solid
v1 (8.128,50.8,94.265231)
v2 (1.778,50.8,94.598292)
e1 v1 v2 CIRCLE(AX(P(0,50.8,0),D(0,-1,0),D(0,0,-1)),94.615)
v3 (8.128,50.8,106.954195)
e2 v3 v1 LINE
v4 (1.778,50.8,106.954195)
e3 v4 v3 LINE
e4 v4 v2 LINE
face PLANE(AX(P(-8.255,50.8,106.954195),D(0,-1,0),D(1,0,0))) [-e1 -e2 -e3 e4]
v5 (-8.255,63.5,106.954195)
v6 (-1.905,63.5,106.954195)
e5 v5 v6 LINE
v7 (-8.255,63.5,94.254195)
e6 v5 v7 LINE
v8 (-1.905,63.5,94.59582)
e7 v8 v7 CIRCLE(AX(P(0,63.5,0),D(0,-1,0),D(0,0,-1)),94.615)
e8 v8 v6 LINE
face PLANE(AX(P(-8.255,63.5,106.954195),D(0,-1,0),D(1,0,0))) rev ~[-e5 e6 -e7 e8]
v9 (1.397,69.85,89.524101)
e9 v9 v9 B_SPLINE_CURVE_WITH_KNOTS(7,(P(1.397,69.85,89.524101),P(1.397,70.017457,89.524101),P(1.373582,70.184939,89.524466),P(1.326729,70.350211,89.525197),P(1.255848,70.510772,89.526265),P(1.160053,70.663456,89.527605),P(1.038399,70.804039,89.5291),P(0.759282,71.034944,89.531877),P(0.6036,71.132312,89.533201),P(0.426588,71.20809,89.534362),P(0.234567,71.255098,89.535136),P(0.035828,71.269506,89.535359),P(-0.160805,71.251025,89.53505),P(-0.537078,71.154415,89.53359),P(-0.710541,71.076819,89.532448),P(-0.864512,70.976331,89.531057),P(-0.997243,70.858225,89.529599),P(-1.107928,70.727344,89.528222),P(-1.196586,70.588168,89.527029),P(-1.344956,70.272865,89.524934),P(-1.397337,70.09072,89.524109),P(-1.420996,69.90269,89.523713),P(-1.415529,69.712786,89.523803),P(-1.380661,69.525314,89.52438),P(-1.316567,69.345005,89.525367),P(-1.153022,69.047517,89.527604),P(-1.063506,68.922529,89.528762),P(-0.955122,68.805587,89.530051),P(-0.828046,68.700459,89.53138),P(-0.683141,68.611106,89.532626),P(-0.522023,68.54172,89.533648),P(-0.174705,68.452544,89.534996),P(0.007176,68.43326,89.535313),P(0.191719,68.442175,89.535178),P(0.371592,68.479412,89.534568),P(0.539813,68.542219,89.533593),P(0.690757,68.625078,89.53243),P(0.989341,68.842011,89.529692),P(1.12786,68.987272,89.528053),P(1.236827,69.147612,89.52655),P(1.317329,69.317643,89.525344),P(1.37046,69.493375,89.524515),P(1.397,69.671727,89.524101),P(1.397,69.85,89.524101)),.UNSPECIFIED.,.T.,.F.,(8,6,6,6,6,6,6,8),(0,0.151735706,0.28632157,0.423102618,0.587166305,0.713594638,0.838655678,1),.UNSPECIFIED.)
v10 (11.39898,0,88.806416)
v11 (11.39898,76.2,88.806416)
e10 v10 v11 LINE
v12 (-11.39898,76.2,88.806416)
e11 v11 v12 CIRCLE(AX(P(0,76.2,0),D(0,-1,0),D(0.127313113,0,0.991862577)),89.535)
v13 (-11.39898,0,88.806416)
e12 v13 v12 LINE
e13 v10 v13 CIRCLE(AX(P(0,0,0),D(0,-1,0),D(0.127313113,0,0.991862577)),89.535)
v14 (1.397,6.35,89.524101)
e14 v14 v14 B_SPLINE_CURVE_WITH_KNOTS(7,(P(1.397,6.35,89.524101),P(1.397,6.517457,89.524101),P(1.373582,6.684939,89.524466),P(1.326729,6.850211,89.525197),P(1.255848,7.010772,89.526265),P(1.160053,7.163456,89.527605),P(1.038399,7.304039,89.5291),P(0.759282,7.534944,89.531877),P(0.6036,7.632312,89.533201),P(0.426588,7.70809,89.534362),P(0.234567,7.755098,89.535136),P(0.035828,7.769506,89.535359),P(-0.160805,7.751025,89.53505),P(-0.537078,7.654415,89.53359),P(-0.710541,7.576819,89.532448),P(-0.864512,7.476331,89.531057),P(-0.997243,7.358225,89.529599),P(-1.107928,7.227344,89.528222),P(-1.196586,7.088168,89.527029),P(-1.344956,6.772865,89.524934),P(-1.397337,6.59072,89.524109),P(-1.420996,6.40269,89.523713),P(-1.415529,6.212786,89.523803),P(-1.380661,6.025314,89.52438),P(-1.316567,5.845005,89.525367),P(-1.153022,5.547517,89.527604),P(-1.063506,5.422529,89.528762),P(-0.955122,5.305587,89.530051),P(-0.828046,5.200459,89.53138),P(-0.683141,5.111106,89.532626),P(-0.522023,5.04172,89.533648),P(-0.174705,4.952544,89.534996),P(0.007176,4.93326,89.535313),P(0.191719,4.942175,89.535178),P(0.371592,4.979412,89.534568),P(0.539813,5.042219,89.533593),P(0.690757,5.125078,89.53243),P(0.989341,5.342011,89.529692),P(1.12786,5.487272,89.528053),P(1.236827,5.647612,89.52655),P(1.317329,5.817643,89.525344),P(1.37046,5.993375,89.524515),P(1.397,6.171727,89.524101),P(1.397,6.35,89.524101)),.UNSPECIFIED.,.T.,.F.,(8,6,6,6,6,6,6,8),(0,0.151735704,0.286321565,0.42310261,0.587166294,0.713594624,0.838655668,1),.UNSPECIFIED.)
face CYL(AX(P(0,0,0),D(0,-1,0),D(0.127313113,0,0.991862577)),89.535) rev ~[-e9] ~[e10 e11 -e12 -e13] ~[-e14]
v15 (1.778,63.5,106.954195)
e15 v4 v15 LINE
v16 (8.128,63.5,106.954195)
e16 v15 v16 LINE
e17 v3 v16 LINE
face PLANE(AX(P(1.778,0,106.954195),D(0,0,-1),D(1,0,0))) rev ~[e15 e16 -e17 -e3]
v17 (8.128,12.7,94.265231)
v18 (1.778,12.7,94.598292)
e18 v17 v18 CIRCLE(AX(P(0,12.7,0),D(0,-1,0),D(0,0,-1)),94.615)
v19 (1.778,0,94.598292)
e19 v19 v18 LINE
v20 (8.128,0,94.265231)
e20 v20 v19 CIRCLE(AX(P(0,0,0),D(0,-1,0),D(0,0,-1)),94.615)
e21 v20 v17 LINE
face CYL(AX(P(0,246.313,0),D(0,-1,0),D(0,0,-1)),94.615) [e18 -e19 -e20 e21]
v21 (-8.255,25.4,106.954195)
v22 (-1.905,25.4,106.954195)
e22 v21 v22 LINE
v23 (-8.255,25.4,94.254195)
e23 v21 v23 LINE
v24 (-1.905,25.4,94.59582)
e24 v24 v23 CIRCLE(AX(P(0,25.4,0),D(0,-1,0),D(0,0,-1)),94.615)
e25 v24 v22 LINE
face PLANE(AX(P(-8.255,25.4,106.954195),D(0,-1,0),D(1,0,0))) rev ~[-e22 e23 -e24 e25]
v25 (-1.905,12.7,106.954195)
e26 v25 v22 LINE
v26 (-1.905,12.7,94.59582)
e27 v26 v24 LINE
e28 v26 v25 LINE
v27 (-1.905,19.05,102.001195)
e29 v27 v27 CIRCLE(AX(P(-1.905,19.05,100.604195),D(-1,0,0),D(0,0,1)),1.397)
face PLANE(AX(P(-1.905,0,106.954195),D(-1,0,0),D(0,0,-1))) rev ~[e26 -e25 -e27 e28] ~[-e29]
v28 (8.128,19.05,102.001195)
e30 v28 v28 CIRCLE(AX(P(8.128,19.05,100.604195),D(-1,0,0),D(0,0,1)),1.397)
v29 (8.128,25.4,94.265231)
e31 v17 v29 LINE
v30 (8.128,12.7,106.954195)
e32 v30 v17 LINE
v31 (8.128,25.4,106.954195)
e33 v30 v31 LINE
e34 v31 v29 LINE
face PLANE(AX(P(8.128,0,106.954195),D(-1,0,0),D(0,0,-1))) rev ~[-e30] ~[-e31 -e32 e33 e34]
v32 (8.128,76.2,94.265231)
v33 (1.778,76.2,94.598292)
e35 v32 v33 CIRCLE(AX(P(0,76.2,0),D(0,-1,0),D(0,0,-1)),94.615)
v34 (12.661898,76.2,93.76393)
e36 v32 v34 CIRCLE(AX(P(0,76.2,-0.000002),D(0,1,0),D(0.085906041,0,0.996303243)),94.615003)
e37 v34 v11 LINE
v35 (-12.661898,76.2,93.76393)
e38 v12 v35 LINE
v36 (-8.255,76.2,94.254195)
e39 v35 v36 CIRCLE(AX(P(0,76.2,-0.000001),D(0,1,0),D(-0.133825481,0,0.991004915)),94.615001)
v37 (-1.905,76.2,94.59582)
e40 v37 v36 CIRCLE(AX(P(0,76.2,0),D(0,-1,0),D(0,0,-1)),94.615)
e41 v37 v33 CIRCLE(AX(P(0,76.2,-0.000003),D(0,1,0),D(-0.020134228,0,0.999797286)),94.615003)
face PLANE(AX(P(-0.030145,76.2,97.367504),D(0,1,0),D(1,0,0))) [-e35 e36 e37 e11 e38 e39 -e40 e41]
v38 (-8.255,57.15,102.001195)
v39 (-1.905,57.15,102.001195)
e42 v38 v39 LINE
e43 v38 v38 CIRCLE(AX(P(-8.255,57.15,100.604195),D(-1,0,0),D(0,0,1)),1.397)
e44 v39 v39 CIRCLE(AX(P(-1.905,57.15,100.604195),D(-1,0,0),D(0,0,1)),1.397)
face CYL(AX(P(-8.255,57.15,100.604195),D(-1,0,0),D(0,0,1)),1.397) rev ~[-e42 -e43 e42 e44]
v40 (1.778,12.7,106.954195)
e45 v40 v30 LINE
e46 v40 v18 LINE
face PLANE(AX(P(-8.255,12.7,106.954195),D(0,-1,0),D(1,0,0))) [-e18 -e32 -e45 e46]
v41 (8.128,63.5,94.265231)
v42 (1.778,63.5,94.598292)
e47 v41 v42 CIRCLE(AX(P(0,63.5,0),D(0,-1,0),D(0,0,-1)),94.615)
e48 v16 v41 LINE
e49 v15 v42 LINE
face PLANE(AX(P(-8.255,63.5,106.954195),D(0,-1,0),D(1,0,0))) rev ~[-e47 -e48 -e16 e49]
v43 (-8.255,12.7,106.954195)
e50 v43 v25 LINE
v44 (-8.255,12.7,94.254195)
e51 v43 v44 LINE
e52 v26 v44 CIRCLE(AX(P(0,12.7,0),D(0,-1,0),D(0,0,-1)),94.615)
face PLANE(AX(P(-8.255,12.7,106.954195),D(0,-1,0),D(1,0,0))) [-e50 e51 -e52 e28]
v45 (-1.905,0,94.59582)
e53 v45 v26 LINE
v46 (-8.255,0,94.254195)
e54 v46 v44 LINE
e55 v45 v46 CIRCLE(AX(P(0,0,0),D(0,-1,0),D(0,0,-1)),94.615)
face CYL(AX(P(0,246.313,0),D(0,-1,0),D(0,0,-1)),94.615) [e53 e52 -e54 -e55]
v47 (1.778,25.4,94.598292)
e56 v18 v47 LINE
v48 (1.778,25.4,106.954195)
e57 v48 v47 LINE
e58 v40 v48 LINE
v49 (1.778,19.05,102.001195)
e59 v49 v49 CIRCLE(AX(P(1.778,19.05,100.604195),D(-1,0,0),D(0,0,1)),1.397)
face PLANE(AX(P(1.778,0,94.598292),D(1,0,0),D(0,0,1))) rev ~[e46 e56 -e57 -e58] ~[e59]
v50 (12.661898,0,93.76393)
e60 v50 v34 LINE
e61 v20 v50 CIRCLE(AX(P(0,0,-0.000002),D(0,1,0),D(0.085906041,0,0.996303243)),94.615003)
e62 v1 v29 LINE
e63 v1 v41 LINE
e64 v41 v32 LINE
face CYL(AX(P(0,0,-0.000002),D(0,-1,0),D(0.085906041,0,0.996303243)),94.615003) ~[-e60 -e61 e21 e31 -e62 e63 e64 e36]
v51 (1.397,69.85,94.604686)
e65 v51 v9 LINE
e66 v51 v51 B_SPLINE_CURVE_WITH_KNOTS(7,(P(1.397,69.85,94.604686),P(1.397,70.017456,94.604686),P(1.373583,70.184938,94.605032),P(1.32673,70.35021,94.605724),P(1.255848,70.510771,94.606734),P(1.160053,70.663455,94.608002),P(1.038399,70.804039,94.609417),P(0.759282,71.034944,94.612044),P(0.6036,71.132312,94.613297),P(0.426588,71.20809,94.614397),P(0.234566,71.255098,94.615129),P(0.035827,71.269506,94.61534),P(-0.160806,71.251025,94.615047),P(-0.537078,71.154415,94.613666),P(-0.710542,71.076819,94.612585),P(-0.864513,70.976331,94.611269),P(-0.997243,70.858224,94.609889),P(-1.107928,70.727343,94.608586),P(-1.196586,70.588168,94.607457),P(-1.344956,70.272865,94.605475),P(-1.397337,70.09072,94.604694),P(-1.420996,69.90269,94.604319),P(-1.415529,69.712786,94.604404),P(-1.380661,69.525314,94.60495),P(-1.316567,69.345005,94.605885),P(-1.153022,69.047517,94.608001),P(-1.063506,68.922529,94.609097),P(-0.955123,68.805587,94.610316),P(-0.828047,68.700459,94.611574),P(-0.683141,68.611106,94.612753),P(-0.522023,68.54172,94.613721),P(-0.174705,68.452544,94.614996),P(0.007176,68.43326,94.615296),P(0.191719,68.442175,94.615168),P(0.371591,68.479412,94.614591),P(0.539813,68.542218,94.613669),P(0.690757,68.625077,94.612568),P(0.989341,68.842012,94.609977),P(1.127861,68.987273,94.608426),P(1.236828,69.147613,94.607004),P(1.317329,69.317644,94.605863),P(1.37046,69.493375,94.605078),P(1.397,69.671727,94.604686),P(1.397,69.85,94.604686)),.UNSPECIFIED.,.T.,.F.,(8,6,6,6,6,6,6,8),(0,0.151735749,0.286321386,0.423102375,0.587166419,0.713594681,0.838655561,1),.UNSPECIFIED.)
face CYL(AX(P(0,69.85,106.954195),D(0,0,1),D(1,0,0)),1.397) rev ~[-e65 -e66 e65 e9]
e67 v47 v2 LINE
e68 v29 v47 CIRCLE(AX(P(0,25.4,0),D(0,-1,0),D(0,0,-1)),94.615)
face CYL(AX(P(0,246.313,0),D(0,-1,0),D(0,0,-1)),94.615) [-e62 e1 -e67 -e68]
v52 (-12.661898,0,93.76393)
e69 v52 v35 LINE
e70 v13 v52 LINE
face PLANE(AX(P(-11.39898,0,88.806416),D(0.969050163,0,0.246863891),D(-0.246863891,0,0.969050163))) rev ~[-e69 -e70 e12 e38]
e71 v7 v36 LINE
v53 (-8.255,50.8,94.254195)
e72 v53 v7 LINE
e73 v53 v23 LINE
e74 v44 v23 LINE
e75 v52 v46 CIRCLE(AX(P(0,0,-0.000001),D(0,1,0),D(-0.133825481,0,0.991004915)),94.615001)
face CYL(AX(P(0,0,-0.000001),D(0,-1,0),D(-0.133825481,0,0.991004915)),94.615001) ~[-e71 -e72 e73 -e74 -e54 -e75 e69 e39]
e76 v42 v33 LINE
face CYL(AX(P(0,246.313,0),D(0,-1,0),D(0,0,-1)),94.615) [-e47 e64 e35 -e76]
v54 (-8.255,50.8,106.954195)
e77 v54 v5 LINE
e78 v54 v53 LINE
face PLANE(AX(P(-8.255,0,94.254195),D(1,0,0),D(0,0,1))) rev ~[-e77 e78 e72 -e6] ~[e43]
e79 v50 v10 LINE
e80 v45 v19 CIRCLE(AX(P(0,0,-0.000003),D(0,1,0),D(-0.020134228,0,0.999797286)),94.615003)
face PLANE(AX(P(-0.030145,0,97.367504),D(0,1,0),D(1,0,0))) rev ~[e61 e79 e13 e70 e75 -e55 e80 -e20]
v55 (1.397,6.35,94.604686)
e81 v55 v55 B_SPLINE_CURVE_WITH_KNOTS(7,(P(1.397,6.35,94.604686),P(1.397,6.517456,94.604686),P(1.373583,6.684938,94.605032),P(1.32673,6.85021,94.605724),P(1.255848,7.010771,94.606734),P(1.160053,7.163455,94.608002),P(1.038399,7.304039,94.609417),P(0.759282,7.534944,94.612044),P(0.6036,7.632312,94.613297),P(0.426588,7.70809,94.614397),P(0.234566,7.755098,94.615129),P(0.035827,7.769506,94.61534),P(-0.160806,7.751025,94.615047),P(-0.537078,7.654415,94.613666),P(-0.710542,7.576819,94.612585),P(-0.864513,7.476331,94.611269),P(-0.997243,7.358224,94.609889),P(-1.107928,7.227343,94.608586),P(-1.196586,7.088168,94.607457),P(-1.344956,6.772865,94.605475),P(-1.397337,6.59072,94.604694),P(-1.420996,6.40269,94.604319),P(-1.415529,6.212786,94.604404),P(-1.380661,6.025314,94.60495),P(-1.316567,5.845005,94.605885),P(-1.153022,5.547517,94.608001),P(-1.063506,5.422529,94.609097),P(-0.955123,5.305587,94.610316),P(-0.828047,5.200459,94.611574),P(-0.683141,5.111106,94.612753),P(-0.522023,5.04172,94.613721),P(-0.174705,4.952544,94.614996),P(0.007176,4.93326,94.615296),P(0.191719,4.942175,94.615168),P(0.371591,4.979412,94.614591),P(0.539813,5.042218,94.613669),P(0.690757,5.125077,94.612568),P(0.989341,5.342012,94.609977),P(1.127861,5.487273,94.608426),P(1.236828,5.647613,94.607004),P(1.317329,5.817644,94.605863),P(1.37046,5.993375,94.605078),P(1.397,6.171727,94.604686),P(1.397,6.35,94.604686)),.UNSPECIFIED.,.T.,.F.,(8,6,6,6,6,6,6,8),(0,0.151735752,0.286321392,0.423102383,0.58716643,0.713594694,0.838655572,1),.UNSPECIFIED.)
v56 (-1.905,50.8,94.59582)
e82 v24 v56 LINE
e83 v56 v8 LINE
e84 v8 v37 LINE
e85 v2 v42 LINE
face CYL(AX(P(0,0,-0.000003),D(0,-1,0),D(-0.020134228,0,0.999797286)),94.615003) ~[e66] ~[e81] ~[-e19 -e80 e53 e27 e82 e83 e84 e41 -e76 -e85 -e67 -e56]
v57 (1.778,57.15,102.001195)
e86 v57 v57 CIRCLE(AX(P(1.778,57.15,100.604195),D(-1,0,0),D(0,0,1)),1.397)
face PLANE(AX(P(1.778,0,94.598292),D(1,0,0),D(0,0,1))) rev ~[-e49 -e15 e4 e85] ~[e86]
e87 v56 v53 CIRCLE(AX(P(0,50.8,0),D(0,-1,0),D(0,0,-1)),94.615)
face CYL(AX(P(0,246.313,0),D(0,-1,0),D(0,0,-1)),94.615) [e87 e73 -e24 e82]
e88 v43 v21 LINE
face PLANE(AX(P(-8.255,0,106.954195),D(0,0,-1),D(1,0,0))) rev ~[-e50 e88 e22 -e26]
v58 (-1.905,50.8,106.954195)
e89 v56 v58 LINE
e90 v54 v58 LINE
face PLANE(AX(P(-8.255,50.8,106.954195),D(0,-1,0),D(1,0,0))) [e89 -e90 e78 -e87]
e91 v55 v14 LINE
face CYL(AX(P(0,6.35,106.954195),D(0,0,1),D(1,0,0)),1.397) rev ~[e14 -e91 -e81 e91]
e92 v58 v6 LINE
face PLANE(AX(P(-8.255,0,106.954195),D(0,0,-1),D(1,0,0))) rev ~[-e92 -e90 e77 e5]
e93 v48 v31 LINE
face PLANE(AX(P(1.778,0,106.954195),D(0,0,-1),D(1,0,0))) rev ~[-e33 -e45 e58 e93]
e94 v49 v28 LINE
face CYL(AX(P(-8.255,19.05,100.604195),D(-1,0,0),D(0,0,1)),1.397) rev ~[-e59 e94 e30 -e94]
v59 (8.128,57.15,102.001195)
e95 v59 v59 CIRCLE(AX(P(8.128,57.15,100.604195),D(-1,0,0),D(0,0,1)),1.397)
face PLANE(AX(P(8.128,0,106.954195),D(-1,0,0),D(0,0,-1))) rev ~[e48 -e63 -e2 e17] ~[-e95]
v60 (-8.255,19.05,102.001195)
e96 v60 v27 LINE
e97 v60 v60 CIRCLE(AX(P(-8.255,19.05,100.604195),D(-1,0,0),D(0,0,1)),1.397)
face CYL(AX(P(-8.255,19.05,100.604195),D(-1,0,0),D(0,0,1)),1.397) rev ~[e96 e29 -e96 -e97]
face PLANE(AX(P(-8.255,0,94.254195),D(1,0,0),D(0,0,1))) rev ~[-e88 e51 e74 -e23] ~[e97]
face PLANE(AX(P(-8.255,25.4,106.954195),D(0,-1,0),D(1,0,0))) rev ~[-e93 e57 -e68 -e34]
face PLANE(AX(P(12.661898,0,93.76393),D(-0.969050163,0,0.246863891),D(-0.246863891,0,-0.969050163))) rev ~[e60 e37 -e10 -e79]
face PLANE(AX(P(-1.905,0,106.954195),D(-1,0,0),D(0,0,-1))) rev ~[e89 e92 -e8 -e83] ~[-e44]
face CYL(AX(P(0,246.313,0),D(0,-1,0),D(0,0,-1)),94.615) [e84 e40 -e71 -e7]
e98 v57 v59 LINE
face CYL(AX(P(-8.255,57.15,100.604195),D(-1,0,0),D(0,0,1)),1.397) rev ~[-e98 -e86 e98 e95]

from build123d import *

# Parameters (mm, degrees)
BOSS_EXTRUDE1_DEPTH     = 76.2
SKETCH3_R               = 1.397
CUT_EXTRUDE2_DEPTH      = 25.4
CUT_EXTRUDE4_REACH      = 81.348
CUT_EXTRUDE4_END_RADIUS = 94.615
SKETCH6_W               = 16.383
SKETCH6_H               = 25.4
SKETCH6_H_2             = 12.7
SKETCH7_R               = 1.397
CUT_EXTRUDE5_DEPTH      = 50.8


with BuildPart() as part:
    # Sketch1 → Boss-Extrude1 (new body)
    with BuildSketch(Plane(origin=(0, 0, 0), x_dir=(1, 0, 0), z_dir=(0, 1, 0))):
        with BuildLine():
            Line((-8.255, -94.254194602), (-8.255, -106.954194602))
            Line((-8.255, -106.954194602), (-1.905, -106.954194602))
            Line((-1.905, -106.954194602), (-1.905, -94.595820204))
            ThreePointArc((-1.905, -94.595820204), (-0.063512031, -94.614978683), (1.778, -94.598292485))
            Line((1.778, -94.598292485), (1.778, -106.954194602))
            Line((1.778, -106.954194602), (8.128, -106.954194602))
            Line((8.128, -106.954194602), (8.128, -94.265231348))
            ThreePointArc((8.128, -94.265231348), (10.397970458, -94.041907867), (12.661897921, -93.763929984))
            Line((12.661897921, -93.763929984), (11.398979566, -88.806415815))
            ThreePointArc((11.398979566, -88.806415815), (0, -89.535), (-11.398979566, -88.806415815))
            Line((-11.398979566, -88.806415815), (-12.661897921, -93.763929984))
            ThreePointArc((-12.661897921, -93.763929984), (-10.461321356, -94.034881722), (-8.255, -94.254194602))
        make_face()
    extrude(amount=BOSS_EXTRUDE1_DEPTH)

    # Sketch3 → Cut-Extrude2 (cut)
    with BuildSketch(Plane.ZY.offset(8.255)):
        with Locations((100.604194602, 57.15)):
            Circle(SKETCH3_R)
        with Locations((100.604194602, 19.05)):
            Circle(SKETCH3_R)
    extrude(amount=-CUT_EXTRUDE2_DEPTH, mode=Mode.SUBTRACT)

    # Cut-Extrude4: up to this cylinder (the profile starts outside it)
    cut_extrude4_end = Plane(origin=(0, 38.1, 0), z_dir=(0, -1, 0)) * Cylinder(CUT_EXTRUDE4_END_RADIUS, 416.426, mode=Mode.PRIVATE)
    # Sketch6 → Cut-Extrude4 (cut, up to the surface)
    with BuildSketch(Plane.XY.offset(106.954194602), mode=Mode.PRIVATE) as cut_extrude4_sk1:
        with Locations((-0.0635, 38.1)):
            Rectangle(SKETCH6_W, SKETCH6_H)
    cut_extrude4_tool1 = extrude(cut_extrude4_sk1.sketch, amount=-CUT_EXTRUDE4_REACH, mode=Mode.PRIVATE) - cut_extrude4_end
    add(cut_extrude4_tool1.solids().sort_by_distance((-0.0635, 38.1, 106.954195))[0], mode=Mode.SUBTRACT)
    # Sketch6 → Cut-Extrude4 (cut, up to the surface)
    with BuildSketch(Plane.XY.offset(106.954194602), mode=Mode.PRIVATE) as cut_extrude4_sk2:
        with Locations((-0.0635, 69.85)):
            Rectangle(SKETCH6_W, SKETCH6_H_2)
    cut_extrude4_tool2 = extrude(cut_extrude4_sk2.sketch, amount=-CUT_EXTRUDE4_REACH, mode=Mode.PRIVATE) - cut_extrude4_end
    add(cut_extrude4_tool2.solids().sort_by_distance((-0.0635, 69.85, 106.954195))[0], mode=Mode.SUBTRACT)
    # Sketch6 → Cut-Extrude4 (cut, up to the surface)
    with BuildSketch(Plane.XY.offset(106.954194602), mode=Mode.PRIVATE) as cut_extrude4_sk3:
        with Locations((-0.0635, 6.35)):
            Rectangle(SKETCH6_W, SKETCH6_H_2)
    cut_extrude4_tool3 = extrude(cut_extrude4_sk3.sketch, amount=-CUT_EXTRUDE4_REACH, mode=Mode.PRIVATE) - cut_extrude4_end
    add(cut_extrude4_tool3.solids().sort_by_distance((-0.0635, 6.35, 106.954195))[0], mode=Mode.SUBTRACT)

    # Sketch7 → Cut-Extrude5 (cut)
    with BuildSketch(Plane.XY.offset(106.954194602)):
        with Locations((0, 69.85)):
            Circle(SKETCH7_R)
        with Locations((0, 6.35)):
            Circle(SKETCH7_R)
    extrude(amount=-CUT_EXTRUDE5_DEPTH, mode=Mode.SUBTRACT)


solid = part.part
